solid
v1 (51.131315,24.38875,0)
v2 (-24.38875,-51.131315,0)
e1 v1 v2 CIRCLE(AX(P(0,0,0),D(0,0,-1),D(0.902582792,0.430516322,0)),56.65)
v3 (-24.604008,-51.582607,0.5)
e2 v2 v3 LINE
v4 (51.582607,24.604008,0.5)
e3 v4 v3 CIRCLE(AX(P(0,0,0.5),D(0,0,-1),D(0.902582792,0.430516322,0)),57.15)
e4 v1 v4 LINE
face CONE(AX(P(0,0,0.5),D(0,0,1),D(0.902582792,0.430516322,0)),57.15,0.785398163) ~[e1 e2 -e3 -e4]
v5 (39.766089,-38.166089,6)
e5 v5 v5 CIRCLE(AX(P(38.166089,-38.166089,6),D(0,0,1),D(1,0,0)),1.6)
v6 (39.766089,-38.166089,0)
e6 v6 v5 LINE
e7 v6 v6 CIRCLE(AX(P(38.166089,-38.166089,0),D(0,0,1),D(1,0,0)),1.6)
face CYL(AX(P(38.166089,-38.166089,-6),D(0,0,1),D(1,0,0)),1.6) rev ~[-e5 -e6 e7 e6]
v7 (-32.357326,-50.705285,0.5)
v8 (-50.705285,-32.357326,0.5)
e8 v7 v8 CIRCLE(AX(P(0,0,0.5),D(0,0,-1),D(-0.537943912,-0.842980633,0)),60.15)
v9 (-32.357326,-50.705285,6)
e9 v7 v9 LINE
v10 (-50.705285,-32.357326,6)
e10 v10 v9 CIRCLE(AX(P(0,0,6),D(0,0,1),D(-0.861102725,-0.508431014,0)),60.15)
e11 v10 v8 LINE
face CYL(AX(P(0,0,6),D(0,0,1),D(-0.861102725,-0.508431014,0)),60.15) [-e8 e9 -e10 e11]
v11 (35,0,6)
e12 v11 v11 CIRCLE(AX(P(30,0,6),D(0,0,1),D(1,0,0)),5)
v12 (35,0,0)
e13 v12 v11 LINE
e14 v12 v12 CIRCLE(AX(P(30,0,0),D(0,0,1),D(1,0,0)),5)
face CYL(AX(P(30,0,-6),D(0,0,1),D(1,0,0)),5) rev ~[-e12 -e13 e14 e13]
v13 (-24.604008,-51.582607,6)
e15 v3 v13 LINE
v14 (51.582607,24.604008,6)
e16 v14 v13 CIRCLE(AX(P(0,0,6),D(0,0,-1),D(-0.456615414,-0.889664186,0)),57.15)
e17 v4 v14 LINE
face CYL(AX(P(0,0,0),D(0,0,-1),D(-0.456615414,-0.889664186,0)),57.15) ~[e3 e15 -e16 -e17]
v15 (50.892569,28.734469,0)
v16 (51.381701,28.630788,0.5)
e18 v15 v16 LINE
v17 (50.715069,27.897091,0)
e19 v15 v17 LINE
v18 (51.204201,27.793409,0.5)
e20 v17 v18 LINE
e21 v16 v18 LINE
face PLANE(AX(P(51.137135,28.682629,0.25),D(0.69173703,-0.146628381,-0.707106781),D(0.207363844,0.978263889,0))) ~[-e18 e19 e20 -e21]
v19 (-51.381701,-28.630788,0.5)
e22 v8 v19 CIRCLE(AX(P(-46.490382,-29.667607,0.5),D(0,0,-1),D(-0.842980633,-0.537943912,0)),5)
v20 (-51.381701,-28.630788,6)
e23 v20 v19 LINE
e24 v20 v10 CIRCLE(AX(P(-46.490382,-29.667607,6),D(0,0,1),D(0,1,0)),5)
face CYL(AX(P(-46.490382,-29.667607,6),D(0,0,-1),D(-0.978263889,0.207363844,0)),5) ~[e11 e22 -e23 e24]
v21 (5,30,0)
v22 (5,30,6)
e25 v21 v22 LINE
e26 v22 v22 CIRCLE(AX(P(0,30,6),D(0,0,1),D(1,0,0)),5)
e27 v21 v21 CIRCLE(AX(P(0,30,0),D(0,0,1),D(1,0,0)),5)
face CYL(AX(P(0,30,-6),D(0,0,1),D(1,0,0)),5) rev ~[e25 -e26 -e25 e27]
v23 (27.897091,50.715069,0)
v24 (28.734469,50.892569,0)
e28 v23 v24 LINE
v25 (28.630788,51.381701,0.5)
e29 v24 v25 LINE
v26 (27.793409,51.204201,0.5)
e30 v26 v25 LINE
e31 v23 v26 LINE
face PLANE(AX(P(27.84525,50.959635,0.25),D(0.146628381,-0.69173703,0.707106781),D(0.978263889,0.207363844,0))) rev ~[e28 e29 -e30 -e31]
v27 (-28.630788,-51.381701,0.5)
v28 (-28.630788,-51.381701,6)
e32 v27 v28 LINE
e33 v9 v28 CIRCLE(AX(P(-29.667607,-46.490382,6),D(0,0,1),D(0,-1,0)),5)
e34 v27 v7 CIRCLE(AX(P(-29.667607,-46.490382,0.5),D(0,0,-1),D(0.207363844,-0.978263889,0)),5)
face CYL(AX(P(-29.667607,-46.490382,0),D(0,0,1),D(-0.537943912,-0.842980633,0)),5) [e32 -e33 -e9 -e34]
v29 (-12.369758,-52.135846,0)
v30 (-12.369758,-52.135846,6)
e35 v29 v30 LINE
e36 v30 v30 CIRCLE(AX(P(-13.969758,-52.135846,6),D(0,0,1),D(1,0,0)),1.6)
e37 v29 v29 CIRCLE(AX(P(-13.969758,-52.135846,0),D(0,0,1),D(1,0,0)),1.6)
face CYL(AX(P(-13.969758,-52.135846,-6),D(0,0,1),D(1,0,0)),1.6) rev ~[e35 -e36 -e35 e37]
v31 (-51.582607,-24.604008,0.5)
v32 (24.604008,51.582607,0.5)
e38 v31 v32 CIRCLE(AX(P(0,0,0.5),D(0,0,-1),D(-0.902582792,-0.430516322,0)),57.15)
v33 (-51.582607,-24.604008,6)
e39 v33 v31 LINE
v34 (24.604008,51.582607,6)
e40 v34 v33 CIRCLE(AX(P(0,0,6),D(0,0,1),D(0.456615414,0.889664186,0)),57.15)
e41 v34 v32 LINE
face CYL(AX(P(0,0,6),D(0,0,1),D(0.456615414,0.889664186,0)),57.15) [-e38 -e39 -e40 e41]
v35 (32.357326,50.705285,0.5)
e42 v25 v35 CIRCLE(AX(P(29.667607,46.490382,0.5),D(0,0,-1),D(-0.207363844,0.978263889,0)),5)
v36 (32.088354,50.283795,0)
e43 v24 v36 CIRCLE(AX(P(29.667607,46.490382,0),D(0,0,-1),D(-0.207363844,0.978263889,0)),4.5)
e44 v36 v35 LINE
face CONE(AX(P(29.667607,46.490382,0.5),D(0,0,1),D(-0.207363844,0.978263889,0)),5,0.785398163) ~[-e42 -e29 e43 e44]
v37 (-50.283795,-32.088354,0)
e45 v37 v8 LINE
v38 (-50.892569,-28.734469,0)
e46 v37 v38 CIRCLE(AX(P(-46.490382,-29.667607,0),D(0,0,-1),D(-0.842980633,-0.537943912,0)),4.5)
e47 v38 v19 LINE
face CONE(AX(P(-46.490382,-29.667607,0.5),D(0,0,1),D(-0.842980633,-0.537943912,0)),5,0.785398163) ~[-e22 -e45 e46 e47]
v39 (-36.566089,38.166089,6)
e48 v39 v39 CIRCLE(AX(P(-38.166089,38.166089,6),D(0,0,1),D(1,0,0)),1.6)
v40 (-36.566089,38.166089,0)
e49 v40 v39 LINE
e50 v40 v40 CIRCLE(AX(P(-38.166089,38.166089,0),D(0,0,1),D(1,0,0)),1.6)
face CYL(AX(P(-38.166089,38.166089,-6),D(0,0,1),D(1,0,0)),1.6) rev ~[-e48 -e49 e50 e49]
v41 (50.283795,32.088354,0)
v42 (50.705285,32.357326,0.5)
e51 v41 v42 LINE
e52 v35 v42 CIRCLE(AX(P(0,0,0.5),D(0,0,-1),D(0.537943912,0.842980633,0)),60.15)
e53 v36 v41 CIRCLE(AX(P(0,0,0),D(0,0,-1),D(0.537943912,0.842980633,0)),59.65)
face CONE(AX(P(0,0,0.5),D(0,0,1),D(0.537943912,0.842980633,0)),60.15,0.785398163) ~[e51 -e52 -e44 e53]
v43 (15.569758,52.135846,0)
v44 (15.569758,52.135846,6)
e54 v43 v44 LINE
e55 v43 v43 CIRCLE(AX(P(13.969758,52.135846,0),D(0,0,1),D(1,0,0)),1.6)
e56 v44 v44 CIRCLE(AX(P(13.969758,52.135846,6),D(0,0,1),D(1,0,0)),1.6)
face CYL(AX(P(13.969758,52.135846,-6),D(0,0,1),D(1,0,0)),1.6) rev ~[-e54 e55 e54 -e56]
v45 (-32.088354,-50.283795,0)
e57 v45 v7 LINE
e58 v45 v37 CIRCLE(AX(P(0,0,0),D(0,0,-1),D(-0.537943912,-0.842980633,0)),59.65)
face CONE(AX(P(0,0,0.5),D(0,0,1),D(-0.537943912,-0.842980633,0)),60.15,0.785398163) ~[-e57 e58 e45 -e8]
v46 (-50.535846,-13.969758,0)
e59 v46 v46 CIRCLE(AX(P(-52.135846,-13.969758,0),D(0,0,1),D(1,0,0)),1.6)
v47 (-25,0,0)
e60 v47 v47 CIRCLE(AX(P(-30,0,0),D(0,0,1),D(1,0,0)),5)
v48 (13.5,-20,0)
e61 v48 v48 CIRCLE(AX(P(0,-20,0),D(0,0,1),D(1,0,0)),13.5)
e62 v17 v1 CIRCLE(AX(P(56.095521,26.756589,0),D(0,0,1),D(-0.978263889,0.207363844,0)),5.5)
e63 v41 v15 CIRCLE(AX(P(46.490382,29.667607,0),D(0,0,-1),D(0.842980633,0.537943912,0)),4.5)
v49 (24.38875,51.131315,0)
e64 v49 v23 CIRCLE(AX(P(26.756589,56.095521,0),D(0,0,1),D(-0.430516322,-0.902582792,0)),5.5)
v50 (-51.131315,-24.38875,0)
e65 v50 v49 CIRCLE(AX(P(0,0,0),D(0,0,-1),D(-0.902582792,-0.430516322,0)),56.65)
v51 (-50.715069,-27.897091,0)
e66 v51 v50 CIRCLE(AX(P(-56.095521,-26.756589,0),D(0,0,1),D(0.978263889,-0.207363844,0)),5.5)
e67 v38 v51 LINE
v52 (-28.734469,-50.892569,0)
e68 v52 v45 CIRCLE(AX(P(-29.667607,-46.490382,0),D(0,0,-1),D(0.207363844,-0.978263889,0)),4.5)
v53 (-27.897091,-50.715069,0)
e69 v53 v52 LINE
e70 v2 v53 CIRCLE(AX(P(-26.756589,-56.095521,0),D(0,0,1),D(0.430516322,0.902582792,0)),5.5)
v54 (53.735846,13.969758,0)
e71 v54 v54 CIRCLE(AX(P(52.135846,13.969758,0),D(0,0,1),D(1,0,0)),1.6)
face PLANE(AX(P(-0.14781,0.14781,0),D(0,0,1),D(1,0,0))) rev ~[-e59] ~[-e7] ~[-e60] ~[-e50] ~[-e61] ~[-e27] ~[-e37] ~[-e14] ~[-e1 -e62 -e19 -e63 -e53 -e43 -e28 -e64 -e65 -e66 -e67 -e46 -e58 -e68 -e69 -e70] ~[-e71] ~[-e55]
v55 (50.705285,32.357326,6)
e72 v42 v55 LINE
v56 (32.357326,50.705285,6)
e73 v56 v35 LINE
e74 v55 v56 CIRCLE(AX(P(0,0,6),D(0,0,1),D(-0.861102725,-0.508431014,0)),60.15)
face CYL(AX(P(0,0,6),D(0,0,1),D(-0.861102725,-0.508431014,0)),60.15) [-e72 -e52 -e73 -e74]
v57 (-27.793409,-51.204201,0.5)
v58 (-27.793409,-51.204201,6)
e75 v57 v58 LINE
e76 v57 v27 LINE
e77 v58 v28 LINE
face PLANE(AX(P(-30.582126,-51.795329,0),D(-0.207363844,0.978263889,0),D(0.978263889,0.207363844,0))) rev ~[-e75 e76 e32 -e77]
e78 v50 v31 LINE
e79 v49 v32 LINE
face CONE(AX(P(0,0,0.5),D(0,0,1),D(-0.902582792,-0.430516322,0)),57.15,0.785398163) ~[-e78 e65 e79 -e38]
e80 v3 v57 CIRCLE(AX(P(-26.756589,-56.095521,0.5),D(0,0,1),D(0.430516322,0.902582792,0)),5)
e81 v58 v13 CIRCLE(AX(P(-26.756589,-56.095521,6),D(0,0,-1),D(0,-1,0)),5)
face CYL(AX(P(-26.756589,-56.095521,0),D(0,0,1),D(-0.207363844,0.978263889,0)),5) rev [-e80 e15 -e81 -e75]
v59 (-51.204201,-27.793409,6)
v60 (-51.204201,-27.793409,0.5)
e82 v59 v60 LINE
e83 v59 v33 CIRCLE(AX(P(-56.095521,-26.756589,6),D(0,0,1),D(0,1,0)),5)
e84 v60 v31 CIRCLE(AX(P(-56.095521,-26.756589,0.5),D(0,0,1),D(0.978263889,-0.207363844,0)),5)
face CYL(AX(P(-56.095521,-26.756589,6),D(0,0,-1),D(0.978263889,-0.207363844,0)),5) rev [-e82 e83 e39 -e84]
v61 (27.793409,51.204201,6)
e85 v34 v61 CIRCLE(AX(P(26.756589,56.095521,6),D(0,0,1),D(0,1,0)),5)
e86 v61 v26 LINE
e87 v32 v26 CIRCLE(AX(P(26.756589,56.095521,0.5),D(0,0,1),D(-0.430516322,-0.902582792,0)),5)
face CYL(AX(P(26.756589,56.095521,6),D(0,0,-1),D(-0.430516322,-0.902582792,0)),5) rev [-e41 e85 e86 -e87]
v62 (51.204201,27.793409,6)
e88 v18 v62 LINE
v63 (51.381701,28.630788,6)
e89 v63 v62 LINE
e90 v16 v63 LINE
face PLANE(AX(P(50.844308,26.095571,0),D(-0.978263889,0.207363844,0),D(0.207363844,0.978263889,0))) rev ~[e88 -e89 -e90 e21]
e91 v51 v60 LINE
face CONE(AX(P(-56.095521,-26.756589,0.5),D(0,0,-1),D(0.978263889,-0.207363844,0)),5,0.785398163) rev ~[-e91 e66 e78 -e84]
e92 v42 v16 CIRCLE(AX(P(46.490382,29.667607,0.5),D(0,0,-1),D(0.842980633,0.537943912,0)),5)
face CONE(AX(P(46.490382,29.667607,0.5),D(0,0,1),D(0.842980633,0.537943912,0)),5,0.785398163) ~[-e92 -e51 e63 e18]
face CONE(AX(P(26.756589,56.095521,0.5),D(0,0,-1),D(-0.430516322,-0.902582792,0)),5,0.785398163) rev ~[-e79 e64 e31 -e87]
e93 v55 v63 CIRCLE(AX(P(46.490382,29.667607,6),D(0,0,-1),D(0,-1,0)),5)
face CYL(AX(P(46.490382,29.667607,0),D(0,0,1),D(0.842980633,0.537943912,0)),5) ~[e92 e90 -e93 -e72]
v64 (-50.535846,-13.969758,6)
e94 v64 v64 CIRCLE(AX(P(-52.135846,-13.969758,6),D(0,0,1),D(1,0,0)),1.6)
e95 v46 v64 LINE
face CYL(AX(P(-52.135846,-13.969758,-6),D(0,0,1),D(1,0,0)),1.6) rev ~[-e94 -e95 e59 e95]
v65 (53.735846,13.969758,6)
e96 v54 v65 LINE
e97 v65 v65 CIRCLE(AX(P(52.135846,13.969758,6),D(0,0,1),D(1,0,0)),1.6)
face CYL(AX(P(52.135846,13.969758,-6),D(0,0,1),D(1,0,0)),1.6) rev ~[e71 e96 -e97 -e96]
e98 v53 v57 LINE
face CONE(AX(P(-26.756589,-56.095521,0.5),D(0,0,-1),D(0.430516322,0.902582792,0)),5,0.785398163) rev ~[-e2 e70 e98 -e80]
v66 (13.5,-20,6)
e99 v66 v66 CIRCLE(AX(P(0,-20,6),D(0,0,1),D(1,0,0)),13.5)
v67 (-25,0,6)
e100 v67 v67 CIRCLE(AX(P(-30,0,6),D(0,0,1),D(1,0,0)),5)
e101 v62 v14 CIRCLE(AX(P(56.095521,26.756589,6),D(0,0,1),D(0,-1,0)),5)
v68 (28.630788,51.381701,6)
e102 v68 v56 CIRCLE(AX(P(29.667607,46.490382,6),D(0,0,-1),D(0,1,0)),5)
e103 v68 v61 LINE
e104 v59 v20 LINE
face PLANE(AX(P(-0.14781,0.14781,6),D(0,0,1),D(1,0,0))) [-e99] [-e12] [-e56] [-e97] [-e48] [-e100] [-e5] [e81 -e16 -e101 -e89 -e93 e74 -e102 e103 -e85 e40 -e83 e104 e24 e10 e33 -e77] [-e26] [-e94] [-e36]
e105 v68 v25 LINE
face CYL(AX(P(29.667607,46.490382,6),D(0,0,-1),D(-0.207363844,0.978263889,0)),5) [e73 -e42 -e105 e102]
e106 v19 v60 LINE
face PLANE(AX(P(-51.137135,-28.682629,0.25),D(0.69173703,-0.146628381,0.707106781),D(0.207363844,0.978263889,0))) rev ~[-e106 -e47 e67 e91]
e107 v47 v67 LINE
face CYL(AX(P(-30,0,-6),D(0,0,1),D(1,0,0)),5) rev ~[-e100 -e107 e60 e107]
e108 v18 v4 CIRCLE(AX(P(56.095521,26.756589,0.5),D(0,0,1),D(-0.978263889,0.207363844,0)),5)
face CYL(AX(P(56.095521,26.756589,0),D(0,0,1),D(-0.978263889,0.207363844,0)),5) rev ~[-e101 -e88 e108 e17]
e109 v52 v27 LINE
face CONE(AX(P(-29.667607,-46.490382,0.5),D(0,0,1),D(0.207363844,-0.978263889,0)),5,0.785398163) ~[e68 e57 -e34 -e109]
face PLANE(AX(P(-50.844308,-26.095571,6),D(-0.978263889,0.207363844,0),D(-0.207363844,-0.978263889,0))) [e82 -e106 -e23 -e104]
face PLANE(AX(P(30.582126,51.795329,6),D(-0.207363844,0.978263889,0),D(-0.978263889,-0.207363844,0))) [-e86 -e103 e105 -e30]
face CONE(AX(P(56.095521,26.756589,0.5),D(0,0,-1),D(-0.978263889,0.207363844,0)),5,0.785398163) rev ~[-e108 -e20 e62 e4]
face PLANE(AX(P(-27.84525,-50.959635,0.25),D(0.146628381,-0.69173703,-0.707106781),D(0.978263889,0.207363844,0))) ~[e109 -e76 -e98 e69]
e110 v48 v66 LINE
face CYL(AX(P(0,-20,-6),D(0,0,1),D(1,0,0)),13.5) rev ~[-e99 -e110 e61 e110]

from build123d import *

# Parameters (mm, degrees)
EXTRUDE_1_DEPTH             = 6
CUT_EXTRUDE_1_DEPTH         = 7
HOLE_WIZARD_M24_1_D         = 27
HOLE_WIZARD_M24_1_DEPTH     = 6
HOLE_WIZARD_10_0_10_1_D     = 10
HOLE_WIZARD_10_0_10_1_DEPTH = 6
HOLE_WIZARD_3_2_3_2_1_D     = 3.2
HOLE_WIZARD_3_2_3_2_1_DEPTH = 6
FILLET_1_R                  = 5
CHAMFER_1_SIZE              = 0.5


with BuildPart() as part:
    # 草图1 → 凸台-拉伸1 (new body)
    with BuildSketch(Plane.XY.offset(6)):
        with BuildLine():
            Line((-50.844308234, -26.095570892), (-51.795328938, -30.582125502))
            ThreePointArc((-51.795328938, -30.582125502), (42.532472888, -42.532472888), (30.582125502, 51.795328938))
            Line((30.582125502, 51.795328938), (26.095570892, 50.844308234))
            ThreePointArc((26.095570892, 50.844308234), (-40.411152545, 40.411152545), (-50.844308234, -26.095570892))
        make_face()
    extrude(amount=-EXTRUDE_1_DEPTH)

    # 草图2 → 切除-拉伸1 (cut, through all)
    with BuildSketch(Plane(origin=(0, 0, 0), x_dir=(-1, 0, 0), z_dir=(0, 0, -1))):
        with BuildLine():
            Line((30.582125502, -51.795328938), (26.095570892, -50.844308234))
            ThreePointArc((26.095570892, -50.844308234), (-40.411152545, -40.411152545), (-50.844308234, 26.095570892))
            Line((-50.844308234, 26.095570892), (-51.795328938, 30.582125502))
            ThreePointArc((-51.795328938, 30.582125502), (-42.532472888, -42.532472888), (30.582125502, -51.795328938))
        make_face()
    extrude(amount=-CUT_EXTRUDE_1_DEPTH, mode=Mode.SUBTRACT)

    # M24 间隙孔1
    with Locations(Plane(origin=(0, 0, 0), x_dir=(-1, 0, 0), z_dir=(0, 0, -1))):
        with Locations((0, -20)):
            Hole(HOLE_WIZARD_M24_1_D / 2, depth=HOLE_WIZARD_M24_1_DEPTH)

    # Ø10.0 (10) 直径孔1
    with Locations(Plane(origin=(0, 0, 0), x_dir=(-1, 0, 0), z_dir=(0, 0, -1))):
        with Locations((0, 30), (-30, 0), (30, 0)):
            Hole(HOLE_WIZARD_10_0_10_1_D / 2, depth=HOLE_WIZARD_10_0_10_1_DEPTH)

    # Ø3.2 (3.2) 直径孔1
    with Locations(Plane(origin=(0, 0, 0), x_dir=(-1, 0, 0), z_dir=(0, 0, -1))):
        with Locations((38.166088515, 38.166088515), (13.969757959, -52.135846474), (-13.969757959, 52.135846474), (-52.135846474, 13.969757959), (-38.166088515, -38.166088515), (52.135846474, -13.969757959)):
            Hole(HOLE_WIZARD_3_2_3_2_1_D / 2, depth=HOLE_WIZARD_3_2_3_2_1_DEPTH)

    # 圆角1
    fillet_1_edges = [part.edges().sort_by_distance(p)[0] for p in [
        (-30.582125502, -51.795328938, 3),
        (51.795328938, 30.582125502, 3),
        (50.844308234, 26.095570892, 3),
        (-26.095570892, -50.844308234, 3),
        (26.095570892, 50.844308234, 3),
        (30.582125502, 51.795328938, 3),
        (-51.795328938, -30.582125502, 3),
        (-50.844308234, -26.095570892, 3),
    ]]
    fillet(fillet_1_edges, radius=FILLET_1_R)

    # 倒角1
    chamfer_1_edges = [part.edges().sort_by_distance(p)[0] for p in [
        (51.409995233, 30.560581919, 0),
        (-30.560581919, -51.409995233, 0),
        (30.560581919, 51.409995233, 0),
        (-26.167497672, -51.130344697, 0),
        (51.130344697, 26.167497672, 0),
        (26.167497672, 51.130344697, 0),
        (-51.130344697, -26.167497672, 0),
        (40.411152545, -40.411152545, 0),
        (-28.212098099, -51.292951206, 0),
        (42.532472888, 42.532472888, 0),
        (28.212098099, 51.292951206, 0),
        (51.292951206, 28.212098099, 0),
        (-42.532472888, -42.532472888, 0),
        (-51.292951206, -28.212098099, 0),
        (-40.411152545, 40.411152545, 0),
        (-51.409995233, -30.560581919, 0),
    ]]
    chamfer(chamfer_1_edges, length=CHAMFER_1_SIZE)


solid = part.part
